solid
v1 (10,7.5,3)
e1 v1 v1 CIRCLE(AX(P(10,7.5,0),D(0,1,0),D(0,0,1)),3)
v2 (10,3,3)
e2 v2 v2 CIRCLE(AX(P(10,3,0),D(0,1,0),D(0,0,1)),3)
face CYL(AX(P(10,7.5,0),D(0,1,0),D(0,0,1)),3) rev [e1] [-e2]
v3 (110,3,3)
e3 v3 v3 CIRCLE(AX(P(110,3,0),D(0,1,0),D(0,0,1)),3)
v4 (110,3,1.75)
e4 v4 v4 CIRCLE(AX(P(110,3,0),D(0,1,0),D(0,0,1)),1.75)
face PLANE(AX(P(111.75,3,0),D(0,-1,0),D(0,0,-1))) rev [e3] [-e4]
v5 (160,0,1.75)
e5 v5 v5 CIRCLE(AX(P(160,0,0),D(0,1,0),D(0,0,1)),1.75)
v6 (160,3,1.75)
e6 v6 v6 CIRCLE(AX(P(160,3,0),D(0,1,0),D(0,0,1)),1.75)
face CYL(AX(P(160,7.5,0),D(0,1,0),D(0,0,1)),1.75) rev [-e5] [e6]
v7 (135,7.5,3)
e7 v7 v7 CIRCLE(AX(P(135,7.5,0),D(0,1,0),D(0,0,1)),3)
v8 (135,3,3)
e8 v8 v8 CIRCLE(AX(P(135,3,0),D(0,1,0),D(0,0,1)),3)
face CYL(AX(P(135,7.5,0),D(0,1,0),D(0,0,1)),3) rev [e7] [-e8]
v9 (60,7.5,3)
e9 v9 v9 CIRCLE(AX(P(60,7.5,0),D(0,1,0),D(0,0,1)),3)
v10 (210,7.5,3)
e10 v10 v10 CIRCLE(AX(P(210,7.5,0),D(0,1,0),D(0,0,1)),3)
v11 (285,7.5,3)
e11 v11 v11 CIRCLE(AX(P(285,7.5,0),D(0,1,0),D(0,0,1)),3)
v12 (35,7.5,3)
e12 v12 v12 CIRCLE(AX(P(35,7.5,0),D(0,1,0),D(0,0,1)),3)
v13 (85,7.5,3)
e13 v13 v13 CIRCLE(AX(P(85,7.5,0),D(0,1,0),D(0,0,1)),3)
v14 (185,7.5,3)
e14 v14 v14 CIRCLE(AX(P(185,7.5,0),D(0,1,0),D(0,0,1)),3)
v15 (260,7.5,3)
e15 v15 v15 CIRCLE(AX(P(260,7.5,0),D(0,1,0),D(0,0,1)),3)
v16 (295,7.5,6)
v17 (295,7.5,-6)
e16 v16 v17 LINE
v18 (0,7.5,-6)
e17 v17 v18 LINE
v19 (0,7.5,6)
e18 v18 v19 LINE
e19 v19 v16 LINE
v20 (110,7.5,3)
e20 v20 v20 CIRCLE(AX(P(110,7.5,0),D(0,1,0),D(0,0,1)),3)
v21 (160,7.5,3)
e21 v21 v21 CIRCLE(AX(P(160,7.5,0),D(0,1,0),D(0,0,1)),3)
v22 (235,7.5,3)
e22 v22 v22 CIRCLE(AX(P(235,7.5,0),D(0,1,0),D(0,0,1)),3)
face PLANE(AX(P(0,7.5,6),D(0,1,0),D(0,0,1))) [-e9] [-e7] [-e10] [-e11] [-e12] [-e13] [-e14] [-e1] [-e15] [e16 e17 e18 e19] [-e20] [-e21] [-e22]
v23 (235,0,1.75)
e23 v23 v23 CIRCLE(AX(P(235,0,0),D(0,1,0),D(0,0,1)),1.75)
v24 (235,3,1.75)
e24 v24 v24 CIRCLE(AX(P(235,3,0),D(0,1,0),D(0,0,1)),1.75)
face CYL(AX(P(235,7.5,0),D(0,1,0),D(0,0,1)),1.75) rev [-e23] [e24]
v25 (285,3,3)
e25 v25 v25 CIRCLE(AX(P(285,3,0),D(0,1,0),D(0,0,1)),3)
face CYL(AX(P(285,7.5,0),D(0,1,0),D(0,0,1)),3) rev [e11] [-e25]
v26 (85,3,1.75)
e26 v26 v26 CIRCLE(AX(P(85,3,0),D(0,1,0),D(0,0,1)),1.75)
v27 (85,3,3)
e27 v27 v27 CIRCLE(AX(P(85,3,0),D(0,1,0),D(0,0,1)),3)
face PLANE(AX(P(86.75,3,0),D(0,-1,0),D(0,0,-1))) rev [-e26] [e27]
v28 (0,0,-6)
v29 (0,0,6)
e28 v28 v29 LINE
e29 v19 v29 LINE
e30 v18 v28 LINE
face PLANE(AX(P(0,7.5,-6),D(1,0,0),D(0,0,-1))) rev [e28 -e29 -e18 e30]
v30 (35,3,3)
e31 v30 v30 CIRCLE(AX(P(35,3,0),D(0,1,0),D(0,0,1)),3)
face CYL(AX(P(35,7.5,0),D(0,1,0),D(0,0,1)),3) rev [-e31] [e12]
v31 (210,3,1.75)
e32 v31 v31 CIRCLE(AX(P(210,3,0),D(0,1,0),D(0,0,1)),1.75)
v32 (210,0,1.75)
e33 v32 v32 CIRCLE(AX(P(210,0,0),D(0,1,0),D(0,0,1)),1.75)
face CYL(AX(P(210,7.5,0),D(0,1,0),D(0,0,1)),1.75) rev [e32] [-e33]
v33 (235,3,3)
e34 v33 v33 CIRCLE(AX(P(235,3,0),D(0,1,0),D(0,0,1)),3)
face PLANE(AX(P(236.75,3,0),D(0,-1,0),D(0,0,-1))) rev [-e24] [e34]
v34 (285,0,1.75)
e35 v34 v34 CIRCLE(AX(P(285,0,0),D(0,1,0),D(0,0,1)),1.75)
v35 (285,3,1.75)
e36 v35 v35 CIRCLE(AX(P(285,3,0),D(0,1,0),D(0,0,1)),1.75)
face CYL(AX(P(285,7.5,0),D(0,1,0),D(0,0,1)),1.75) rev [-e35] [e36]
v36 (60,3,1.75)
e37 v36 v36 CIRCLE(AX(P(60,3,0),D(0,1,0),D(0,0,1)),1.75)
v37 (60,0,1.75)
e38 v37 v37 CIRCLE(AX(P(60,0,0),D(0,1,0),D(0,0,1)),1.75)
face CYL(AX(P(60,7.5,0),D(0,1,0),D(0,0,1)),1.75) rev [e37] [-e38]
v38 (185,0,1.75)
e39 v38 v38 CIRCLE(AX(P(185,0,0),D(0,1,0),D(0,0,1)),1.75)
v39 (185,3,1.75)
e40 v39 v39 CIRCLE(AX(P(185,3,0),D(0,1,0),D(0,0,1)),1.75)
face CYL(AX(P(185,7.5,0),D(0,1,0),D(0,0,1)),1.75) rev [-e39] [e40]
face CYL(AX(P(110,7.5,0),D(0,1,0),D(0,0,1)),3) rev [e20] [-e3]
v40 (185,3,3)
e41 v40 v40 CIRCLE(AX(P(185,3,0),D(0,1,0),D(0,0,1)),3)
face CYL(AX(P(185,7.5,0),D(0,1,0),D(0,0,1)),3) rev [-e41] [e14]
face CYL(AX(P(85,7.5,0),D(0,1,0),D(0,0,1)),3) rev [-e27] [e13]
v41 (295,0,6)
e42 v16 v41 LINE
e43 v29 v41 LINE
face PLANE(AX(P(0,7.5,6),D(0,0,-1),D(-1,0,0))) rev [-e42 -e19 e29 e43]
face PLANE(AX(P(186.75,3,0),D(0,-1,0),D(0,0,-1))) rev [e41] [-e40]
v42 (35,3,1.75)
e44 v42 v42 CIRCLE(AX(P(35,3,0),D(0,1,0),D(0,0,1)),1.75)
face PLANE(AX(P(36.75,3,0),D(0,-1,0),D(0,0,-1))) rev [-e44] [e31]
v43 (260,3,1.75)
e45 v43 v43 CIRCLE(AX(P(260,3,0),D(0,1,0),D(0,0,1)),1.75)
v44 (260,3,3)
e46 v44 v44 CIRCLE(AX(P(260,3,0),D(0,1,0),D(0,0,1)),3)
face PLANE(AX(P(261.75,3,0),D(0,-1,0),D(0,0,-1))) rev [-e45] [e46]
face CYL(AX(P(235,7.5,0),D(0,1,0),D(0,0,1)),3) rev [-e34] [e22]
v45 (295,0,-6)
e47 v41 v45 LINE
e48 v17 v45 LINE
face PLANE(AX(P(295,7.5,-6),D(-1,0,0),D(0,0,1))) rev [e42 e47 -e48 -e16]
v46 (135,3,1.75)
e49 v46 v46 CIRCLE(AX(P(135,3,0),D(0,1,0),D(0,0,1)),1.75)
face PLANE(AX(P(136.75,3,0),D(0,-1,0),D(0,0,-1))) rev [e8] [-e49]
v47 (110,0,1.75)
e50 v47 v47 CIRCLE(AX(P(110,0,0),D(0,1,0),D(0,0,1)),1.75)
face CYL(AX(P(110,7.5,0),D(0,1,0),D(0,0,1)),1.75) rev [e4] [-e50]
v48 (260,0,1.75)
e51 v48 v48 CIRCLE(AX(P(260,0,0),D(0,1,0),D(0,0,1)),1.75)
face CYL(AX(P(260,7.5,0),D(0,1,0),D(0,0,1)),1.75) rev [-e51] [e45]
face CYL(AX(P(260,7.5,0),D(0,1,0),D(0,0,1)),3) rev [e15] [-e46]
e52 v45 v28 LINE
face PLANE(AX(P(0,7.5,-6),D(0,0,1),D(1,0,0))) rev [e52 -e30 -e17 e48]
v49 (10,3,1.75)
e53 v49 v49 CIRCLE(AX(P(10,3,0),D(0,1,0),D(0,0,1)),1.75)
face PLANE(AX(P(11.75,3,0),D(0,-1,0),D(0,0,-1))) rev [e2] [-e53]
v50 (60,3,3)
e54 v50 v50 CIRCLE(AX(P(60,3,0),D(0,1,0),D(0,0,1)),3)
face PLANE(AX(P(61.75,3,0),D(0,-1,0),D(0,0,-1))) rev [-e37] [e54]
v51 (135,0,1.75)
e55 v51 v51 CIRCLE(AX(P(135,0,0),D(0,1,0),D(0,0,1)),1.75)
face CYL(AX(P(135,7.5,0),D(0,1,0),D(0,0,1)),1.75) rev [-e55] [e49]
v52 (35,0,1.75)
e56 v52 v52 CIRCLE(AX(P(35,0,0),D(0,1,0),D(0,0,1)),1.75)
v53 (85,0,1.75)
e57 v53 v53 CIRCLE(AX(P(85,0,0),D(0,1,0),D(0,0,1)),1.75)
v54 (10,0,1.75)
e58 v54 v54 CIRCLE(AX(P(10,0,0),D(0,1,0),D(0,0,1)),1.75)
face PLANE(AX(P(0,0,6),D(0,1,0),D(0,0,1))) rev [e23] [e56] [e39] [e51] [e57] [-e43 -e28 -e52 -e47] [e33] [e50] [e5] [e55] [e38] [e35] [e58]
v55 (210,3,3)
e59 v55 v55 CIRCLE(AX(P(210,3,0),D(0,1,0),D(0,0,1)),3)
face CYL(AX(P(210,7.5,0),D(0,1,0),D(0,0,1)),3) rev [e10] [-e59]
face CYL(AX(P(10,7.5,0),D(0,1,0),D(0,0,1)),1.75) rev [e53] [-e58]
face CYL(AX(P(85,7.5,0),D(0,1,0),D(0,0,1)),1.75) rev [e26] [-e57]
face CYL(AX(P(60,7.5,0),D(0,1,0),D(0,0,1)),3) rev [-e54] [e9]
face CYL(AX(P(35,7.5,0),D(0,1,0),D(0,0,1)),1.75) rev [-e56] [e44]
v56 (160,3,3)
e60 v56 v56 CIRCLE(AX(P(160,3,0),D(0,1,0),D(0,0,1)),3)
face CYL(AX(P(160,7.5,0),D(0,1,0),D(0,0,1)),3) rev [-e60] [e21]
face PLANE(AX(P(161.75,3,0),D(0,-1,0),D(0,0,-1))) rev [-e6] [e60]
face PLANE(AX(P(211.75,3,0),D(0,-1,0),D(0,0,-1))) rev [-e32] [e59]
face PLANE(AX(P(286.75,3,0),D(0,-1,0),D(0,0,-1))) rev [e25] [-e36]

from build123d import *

# Parameters (mm, degrees)
SKETCH_2_W                   = 295
SKETCH_2_H                   = 12
EXTRUDE_1_DEPTH              = 7.5
HOLE_WIZARD_M3_1_D           = 3.5
HOLE_WIZARD_M3_1_CBORE_D     = 6
HOLE_WIZARD_M3_1_CBORE_DEPTH = 4.5
PATTERN_LINEAR_1_COUNT       = 12
PATTERN_LINEAR_1_PITCH       = 25


with BuildPart() as part:
    # 草图2 → 拉伸1 (new body)
    with BuildSketch(Plane(origin=(0, 0, 0), x_dir=(1, 0, 0), z_dir=(0, 1, 0))):
        with Locations((147.5, 0)):
            Rectangle(SKETCH_2_W, SKETCH_2_H)
    extrude(amount=EXTRUDE_1_DEPTH)

    # M3 六角凹头螺钉的柱形沉头孔1 (through all)
    with Locations(Plane(origin=(10, 7.5, 0), x_dir=(0, 0, 1), z_dir=(0, 1, 0))):
        with Locations((0, 0)):
            hole_wizard_m3_1 = CounterBoreHole(HOLE_WIZARD_M3_1_D / 2, HOLE_WIZARD_M3_1_CBORE_D / 2, HOLE_WIZARD_M3_1_CBORE_DEPTH)

    # 阵列(线性)1: M3 六角凹头螺钉的柱形沉头孔1 ×12
    with Locations(*[(i * PATTERN_LINEAR_1_PITCH, 0, 0) for i in range(1, PATTERN_LINEAR_1_COUNT)]):
        add(hole_wizard_m3_1, mode=Mode.SUBTRACT)


solid = part.part
